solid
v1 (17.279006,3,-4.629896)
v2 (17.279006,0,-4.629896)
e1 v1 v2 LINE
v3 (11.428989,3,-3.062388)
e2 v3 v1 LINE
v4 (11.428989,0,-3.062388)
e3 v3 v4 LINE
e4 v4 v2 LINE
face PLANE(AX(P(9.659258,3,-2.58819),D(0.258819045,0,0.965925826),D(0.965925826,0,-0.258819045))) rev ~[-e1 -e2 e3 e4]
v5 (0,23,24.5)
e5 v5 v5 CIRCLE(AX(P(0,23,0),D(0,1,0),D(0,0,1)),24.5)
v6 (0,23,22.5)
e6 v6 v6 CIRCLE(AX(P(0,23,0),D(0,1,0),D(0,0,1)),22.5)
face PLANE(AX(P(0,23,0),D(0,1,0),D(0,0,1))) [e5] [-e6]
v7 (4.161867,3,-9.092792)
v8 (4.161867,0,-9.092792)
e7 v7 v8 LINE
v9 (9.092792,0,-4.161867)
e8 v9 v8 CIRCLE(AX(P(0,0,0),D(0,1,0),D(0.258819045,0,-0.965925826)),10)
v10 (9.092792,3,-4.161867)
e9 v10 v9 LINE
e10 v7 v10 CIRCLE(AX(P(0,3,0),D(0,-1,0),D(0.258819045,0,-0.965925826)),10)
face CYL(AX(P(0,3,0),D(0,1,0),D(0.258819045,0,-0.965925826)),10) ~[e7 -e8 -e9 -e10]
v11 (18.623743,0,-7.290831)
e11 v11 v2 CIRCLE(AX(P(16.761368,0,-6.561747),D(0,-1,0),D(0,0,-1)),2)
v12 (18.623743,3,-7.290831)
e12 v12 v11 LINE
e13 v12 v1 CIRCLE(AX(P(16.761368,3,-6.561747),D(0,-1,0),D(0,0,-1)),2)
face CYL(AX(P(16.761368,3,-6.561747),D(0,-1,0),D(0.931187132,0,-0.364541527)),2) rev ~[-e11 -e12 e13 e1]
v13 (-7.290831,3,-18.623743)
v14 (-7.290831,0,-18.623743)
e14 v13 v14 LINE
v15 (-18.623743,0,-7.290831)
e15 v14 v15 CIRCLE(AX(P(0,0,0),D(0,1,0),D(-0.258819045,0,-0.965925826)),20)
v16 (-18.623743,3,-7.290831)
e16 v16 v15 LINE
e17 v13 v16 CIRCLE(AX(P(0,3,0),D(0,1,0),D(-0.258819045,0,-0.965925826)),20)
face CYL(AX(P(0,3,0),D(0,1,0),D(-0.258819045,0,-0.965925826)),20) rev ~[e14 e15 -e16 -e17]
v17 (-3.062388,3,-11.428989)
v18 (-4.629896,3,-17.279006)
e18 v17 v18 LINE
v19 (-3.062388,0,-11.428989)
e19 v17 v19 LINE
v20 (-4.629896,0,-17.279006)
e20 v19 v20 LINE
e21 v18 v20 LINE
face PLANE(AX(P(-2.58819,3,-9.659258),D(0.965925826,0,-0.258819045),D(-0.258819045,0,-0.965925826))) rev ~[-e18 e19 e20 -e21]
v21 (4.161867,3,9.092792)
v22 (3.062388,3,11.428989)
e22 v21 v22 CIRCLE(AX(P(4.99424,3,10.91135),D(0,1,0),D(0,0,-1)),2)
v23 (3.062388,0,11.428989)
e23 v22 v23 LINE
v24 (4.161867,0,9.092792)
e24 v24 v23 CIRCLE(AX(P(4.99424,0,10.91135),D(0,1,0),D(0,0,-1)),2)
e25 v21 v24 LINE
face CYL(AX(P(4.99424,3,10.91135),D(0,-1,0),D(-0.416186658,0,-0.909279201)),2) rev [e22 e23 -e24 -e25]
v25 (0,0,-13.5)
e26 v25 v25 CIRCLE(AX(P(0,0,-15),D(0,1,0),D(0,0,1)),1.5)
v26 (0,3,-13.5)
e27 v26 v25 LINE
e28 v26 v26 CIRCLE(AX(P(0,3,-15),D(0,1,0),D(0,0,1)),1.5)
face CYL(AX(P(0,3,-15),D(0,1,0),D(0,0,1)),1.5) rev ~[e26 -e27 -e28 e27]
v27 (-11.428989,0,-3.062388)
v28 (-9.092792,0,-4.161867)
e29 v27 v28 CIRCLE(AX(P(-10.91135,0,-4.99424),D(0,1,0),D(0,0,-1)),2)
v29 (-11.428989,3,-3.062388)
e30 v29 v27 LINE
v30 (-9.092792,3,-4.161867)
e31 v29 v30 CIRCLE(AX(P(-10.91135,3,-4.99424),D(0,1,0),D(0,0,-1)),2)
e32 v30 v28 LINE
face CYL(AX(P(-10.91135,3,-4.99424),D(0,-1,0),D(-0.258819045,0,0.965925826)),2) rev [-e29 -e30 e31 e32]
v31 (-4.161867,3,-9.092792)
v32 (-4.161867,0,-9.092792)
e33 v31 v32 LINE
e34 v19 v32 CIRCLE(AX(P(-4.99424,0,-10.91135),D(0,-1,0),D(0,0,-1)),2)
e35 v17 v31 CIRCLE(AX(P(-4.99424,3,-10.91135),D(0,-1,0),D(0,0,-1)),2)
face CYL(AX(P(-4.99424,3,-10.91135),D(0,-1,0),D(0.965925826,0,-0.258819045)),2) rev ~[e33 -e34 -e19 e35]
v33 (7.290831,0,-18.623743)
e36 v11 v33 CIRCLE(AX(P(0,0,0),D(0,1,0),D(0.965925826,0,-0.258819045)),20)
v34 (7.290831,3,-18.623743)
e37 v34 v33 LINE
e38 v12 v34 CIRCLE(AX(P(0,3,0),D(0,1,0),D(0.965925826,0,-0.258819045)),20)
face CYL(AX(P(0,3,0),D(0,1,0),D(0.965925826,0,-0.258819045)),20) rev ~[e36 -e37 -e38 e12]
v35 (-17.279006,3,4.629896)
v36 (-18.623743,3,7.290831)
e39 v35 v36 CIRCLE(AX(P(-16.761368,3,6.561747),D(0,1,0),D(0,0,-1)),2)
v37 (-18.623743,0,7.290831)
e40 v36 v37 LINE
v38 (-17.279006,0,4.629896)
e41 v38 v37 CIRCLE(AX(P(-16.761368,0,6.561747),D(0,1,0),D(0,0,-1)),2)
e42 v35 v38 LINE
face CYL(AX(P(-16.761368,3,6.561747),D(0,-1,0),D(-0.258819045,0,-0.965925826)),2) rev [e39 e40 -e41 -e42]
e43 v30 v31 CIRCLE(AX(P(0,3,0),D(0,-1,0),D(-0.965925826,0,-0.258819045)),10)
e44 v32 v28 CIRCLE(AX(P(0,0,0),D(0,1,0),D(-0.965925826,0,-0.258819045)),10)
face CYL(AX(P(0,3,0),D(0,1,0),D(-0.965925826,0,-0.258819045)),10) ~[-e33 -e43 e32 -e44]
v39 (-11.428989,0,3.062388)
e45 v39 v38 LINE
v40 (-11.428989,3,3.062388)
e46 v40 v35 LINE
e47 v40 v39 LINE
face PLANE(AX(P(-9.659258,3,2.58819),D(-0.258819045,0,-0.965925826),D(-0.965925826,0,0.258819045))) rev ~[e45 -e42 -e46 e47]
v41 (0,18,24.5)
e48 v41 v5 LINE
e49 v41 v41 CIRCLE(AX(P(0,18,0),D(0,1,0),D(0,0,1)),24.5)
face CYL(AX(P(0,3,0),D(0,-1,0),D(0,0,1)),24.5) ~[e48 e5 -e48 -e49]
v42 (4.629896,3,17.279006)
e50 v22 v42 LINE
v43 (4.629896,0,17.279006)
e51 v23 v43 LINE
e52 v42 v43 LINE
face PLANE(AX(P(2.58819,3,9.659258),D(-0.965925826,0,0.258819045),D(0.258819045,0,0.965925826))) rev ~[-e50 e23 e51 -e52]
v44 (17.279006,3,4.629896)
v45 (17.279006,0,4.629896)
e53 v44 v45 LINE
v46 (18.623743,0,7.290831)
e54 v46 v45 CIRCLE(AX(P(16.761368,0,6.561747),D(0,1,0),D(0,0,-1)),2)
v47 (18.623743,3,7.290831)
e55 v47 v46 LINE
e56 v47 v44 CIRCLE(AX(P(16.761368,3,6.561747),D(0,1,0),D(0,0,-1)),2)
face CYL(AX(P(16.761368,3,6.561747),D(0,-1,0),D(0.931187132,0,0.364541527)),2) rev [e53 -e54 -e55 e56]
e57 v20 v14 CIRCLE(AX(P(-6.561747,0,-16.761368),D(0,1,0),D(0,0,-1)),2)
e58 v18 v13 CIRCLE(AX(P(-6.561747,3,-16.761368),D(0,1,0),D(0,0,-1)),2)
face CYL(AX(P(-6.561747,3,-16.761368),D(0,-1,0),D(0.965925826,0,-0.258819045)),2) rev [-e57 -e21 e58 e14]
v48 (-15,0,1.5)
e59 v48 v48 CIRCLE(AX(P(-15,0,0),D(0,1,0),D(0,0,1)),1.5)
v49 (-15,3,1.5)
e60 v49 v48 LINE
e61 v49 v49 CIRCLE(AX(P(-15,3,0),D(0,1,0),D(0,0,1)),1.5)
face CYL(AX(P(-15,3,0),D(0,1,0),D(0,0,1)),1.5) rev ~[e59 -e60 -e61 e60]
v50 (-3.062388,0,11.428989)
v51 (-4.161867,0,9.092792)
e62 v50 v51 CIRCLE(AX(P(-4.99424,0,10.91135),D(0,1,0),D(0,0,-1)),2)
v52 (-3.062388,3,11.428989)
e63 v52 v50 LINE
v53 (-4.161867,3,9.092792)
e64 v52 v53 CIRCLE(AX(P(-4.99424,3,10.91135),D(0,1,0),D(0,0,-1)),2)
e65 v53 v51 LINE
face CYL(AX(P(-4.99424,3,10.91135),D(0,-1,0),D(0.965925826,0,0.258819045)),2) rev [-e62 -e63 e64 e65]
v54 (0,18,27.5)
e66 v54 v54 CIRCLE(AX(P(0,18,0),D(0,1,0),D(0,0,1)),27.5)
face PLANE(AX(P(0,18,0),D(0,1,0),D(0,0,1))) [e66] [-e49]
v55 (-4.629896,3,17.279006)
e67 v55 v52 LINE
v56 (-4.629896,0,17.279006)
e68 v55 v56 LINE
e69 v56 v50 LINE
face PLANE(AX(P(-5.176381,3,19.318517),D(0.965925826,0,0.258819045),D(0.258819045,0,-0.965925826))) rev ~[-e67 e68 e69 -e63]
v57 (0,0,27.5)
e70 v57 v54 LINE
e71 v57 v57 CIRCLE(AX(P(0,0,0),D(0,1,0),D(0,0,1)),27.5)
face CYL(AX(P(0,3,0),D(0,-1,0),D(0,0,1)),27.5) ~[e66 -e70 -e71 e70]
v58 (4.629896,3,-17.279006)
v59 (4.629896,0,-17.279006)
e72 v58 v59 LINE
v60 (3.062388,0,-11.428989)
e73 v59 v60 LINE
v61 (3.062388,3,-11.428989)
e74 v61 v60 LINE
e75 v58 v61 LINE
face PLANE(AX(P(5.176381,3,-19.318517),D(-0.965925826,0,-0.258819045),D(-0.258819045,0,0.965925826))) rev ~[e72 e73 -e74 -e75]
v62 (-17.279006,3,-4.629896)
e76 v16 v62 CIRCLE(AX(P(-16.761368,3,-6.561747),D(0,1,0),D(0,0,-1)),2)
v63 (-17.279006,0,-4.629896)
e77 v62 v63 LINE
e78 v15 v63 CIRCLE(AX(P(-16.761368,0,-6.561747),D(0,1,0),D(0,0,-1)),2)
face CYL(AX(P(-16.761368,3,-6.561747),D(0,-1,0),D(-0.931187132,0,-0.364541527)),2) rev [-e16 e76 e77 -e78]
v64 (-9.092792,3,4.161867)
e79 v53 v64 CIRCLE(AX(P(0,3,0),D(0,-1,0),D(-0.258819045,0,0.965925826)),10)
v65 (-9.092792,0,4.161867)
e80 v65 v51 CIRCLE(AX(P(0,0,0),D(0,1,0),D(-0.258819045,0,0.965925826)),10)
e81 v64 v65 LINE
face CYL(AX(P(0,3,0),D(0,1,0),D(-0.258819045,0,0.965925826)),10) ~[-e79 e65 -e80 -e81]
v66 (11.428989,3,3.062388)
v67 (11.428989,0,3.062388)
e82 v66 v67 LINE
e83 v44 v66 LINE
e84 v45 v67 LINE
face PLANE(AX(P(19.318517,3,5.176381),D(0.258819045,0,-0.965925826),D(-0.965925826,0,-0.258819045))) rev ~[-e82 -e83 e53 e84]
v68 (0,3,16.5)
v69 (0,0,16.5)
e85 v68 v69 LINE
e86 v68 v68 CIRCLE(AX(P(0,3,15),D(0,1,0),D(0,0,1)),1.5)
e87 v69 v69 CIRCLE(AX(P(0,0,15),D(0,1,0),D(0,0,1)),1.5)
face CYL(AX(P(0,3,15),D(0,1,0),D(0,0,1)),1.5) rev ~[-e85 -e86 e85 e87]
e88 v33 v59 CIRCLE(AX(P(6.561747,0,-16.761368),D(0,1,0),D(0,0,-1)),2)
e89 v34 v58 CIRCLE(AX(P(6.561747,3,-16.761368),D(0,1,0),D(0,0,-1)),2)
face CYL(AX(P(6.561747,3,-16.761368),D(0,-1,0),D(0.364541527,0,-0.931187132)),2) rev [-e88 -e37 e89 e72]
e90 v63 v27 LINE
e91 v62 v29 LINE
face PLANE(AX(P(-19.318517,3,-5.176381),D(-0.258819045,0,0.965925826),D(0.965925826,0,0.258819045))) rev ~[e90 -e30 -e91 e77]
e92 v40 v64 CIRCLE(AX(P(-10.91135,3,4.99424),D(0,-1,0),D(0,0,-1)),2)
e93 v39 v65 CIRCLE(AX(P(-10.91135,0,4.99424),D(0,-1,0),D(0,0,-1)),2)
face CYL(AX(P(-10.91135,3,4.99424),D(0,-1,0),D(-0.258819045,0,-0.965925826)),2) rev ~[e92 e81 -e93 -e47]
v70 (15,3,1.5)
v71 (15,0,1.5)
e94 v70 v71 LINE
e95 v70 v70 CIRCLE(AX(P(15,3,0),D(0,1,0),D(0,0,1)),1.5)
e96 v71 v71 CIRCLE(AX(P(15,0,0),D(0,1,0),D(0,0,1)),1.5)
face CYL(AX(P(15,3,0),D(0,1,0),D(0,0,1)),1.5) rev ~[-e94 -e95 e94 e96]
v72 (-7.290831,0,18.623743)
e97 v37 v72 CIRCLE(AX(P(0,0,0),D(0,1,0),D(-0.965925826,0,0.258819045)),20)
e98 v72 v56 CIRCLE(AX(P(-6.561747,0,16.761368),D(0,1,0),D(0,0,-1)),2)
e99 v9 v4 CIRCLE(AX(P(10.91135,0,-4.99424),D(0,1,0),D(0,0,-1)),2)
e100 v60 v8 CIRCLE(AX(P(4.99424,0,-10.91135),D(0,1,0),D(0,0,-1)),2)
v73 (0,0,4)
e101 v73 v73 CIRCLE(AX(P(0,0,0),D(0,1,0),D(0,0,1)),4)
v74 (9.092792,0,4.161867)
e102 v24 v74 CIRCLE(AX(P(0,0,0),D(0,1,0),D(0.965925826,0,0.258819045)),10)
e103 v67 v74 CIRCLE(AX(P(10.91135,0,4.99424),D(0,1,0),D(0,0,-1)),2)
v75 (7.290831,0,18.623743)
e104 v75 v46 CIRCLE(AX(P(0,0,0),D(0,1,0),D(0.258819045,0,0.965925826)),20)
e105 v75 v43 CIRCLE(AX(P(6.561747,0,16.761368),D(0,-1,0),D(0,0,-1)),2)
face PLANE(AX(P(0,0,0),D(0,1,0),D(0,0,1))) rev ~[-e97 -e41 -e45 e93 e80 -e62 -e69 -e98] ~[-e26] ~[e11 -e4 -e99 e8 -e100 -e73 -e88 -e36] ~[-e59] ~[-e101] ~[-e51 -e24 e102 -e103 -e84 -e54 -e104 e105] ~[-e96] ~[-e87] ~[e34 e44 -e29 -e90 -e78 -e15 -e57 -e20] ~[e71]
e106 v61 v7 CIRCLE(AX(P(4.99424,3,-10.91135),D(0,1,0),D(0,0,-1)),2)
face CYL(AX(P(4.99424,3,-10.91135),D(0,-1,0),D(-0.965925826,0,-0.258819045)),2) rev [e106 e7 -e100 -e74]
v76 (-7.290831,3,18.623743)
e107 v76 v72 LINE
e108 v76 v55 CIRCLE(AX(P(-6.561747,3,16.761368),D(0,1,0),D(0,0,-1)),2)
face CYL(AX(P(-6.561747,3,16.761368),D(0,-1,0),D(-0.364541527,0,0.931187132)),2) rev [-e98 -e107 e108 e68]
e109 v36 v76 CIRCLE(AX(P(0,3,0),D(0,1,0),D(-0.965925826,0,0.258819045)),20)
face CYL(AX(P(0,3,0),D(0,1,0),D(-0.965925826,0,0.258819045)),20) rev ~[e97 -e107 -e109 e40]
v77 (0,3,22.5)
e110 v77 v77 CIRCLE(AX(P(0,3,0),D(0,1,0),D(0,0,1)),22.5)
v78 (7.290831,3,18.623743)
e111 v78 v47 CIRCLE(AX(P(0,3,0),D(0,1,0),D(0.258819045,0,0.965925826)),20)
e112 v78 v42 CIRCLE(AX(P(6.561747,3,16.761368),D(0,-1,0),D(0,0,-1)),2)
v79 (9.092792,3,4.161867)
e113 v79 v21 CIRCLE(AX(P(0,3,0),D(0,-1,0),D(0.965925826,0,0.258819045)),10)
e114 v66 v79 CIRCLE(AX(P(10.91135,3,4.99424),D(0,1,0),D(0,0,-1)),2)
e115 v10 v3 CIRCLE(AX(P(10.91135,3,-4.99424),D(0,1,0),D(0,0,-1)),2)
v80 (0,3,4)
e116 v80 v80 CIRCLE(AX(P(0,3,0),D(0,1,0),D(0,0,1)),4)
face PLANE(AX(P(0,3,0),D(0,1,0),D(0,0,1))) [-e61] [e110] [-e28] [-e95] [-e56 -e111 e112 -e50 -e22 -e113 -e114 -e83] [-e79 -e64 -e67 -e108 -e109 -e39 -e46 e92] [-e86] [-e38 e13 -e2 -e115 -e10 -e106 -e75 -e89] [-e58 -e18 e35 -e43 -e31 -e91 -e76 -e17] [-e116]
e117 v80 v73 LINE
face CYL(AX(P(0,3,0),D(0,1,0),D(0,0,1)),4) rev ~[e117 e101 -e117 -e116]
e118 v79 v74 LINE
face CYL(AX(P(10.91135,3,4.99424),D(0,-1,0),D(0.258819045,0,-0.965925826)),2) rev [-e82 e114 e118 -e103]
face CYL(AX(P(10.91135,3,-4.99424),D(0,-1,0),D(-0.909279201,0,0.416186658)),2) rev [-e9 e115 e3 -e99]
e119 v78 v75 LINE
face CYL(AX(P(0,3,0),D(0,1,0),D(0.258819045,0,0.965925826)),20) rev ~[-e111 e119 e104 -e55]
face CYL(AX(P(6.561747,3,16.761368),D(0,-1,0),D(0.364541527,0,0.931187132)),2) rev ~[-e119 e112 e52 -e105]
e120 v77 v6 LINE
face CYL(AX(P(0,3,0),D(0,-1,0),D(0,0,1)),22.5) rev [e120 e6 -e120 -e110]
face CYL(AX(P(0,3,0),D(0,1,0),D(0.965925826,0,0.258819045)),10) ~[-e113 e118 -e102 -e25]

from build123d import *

# Parameters (mm, degrees)
SKETCH1_R           = 27.5
BOSS_EXTRUDE1_DEPTH = 3
SKETCH2_R           = 27.5
SKETCH2_R_2         = 24.5
BOSS_EXTRUDE2_DEPTH = 15
SKETCH4_R           = 4
CUT_EXTRUDE1_DEPTH  = 5
SKETCH5_R           = 1.5
CUT_EXTRUDE2_DEPTH  = 10
FILLET1_R           = 2
SKETCH6_R           = 24.5
SKETCH6_R_2         = 22.5
BOSS_EXTRUDE3_DEPTH = 20


with BuildPart() as part:
    # Sketch1 → Boss-Extrude1 (new body)
    with BuildSketch(Plane(origin=(0, 0, 0), x_dir=(1, 0, 0), z_dir=(0, 1, 0))):
        Circle(SKETCH1_R)
    extrude(amount=BOSS_EXTRUDE1_DEPTH)

    # Sketch2 → Boss-Extrude2 (add)
    with BuildSketch(Plane(origin=(0, 3, 0), x_dir=(1, 0, 0), z_dir=(0, 1, 0))):
        Circle(SKETCH2_R)
        Circle(SKETCH2_R_2, mode=Mode.SUBTRACT)
    extrude(amount=BOSS_EXTRUDE2_DEPTH)

    # Sketch4 → Cut-Extrude1 (cut)
    with BuildSketch(Plane(origin=(0, 3, 0), x_dir=(1, 0, 0), z_dir=(0, 1, 0))):
        Circle(SKETCH4_R)
    extrude(amount=-CUT_EXTRUDE1_DEPTH, mode=Mode.SUBTRACT)

    # Sketch5 → Cut-Extrude2 (cut)
    with BuildSketch(Plane(origin=(0, 3, 0), x_dir=(1, 0, 0), z_dir=(0, 1, 0))):
        with BuildLine():
            Line((-2.588190451, 9.659258263), (-5.176380902, 19.318516526))
            ThreePointArc((-5.176380902, 19.318516526), (-14.142135624, 14.142135624), (-19.318516526, 5.176380902))
            Line((-19.318516526, 5.176380902), (-9.659258263, 2.588190451))
            ThreePointArc((-9.659258263, 2.588190451), (-7.071067812, 7.071067812), (-2.588190451, 9.659258263))
        make_face()
        with BuildLine():
            ThreePointArc((19.318516526, 5.176380902), (14.142135624, 14.142135624), (5.176380902, 19.318516526))
            Line((5.176380902, 19.318516526), (2.588190451, 9.659258263))
            ThreePointArc((2.588190451, 9.659258263), (7.071067812, 7.071067812), (9.659258263, 2.588190451))
            Line((9.659258263, 2.588190451), (19.318516526, 5.176380902))
        make_face()
        with BuildLine():
            Line((-9.659258263, -2.588190451), (-19.318516526, -5.176380902))
            ThreePointArc((-19.318516526, -5.176380902), (-14.142135624, -14.142135624), (-5.176380902, -19.318516526))
            Line((-5.176380902, -19.318516526), (-2.588190451, -9.659258263))
            ThreePointArc((-2.588190451, -9.659258263), (-7.071067812, -7.071067812), (-9.659258263, -2.588190451))
        make_face()
        with BuildLine():
            ThreePointArc((5.176380902, -19.318516526), (14.142135624, -14.142135624), (19.318516526, -5.176380902))
            Line((19.318516526, -5.176380902), (9.659258263, -2.588190451))
            ThreePointArc((9.659258263, -2.588190451), (7.071067812, -7.071067812), (2.588190451, -9.659258263))
            Line((2.588190451, -9.659258263), (5.176380902, -19.318516526))
        make_face()
        with Locations((0, 15)):
            Circle(SKETCH5_R)
        with Locations((15, 0)):
            Circle(SKETCH5_R)
        with Locations((0, -15)):
            Circle(SKETCH5_R)
        with Locations((-15, 0)):
            Circle(SKETCH5_R)
    extrude(amount=-CUT_EXTRUDE2_DEPTH, mode=Mode.SUBTRACT)

    # Fillet1
    fillet1_edges = [part.edges().sort_by_distance(p)[0] for p in [
        (-2.588190451, 1.5, -9.659258263),
        (-9.659258263, 1.5, -2.588190451),
        (-9.659258263, 1.5, 2.588190451),
        (-2.588190451, 1.5, 9.659258263),
        (2.588190451, 1.5, 9.659258263),
        (9.659258263, 1.5, 2.588190451),
        (2.588190451, 1.5, -9.659258263),
        (9.659258263, 1.5, -2.588190451),
        (19.318516526, 1.5, -5.176380902),
        (5.176380902, 1.5, -19.318516526),
        (19.318516526, 1.5, 5.176380902),
        (5.176380902, 1.5, 19.318516526),
        (-5.176380902, 1.5, 19.318516526),
        (-19.318516526, 1.5, 5.176380902),
        (-5.176380902, 1.5, -19.318516526),
        (-19.318516526, 1.5, -5.176380902),
    ]]
    fillet(fillet1_edges, radius=FILLET1_R)

    # Sketch6 → Boss-Extrude3 (add)
    with BuildSketch(Plane(origin=(0, 3, 0), x_dir=(1, 0, 0), z_dir=(0, 1, 0))):
        Circle(SKETCH6_R)
        Circle(SKETCH6_R_2, mode=Mode.SUBTRACT)
    extrude(amount=BOSS_EXTRUDE3_DEPTH)


solid = part.part
